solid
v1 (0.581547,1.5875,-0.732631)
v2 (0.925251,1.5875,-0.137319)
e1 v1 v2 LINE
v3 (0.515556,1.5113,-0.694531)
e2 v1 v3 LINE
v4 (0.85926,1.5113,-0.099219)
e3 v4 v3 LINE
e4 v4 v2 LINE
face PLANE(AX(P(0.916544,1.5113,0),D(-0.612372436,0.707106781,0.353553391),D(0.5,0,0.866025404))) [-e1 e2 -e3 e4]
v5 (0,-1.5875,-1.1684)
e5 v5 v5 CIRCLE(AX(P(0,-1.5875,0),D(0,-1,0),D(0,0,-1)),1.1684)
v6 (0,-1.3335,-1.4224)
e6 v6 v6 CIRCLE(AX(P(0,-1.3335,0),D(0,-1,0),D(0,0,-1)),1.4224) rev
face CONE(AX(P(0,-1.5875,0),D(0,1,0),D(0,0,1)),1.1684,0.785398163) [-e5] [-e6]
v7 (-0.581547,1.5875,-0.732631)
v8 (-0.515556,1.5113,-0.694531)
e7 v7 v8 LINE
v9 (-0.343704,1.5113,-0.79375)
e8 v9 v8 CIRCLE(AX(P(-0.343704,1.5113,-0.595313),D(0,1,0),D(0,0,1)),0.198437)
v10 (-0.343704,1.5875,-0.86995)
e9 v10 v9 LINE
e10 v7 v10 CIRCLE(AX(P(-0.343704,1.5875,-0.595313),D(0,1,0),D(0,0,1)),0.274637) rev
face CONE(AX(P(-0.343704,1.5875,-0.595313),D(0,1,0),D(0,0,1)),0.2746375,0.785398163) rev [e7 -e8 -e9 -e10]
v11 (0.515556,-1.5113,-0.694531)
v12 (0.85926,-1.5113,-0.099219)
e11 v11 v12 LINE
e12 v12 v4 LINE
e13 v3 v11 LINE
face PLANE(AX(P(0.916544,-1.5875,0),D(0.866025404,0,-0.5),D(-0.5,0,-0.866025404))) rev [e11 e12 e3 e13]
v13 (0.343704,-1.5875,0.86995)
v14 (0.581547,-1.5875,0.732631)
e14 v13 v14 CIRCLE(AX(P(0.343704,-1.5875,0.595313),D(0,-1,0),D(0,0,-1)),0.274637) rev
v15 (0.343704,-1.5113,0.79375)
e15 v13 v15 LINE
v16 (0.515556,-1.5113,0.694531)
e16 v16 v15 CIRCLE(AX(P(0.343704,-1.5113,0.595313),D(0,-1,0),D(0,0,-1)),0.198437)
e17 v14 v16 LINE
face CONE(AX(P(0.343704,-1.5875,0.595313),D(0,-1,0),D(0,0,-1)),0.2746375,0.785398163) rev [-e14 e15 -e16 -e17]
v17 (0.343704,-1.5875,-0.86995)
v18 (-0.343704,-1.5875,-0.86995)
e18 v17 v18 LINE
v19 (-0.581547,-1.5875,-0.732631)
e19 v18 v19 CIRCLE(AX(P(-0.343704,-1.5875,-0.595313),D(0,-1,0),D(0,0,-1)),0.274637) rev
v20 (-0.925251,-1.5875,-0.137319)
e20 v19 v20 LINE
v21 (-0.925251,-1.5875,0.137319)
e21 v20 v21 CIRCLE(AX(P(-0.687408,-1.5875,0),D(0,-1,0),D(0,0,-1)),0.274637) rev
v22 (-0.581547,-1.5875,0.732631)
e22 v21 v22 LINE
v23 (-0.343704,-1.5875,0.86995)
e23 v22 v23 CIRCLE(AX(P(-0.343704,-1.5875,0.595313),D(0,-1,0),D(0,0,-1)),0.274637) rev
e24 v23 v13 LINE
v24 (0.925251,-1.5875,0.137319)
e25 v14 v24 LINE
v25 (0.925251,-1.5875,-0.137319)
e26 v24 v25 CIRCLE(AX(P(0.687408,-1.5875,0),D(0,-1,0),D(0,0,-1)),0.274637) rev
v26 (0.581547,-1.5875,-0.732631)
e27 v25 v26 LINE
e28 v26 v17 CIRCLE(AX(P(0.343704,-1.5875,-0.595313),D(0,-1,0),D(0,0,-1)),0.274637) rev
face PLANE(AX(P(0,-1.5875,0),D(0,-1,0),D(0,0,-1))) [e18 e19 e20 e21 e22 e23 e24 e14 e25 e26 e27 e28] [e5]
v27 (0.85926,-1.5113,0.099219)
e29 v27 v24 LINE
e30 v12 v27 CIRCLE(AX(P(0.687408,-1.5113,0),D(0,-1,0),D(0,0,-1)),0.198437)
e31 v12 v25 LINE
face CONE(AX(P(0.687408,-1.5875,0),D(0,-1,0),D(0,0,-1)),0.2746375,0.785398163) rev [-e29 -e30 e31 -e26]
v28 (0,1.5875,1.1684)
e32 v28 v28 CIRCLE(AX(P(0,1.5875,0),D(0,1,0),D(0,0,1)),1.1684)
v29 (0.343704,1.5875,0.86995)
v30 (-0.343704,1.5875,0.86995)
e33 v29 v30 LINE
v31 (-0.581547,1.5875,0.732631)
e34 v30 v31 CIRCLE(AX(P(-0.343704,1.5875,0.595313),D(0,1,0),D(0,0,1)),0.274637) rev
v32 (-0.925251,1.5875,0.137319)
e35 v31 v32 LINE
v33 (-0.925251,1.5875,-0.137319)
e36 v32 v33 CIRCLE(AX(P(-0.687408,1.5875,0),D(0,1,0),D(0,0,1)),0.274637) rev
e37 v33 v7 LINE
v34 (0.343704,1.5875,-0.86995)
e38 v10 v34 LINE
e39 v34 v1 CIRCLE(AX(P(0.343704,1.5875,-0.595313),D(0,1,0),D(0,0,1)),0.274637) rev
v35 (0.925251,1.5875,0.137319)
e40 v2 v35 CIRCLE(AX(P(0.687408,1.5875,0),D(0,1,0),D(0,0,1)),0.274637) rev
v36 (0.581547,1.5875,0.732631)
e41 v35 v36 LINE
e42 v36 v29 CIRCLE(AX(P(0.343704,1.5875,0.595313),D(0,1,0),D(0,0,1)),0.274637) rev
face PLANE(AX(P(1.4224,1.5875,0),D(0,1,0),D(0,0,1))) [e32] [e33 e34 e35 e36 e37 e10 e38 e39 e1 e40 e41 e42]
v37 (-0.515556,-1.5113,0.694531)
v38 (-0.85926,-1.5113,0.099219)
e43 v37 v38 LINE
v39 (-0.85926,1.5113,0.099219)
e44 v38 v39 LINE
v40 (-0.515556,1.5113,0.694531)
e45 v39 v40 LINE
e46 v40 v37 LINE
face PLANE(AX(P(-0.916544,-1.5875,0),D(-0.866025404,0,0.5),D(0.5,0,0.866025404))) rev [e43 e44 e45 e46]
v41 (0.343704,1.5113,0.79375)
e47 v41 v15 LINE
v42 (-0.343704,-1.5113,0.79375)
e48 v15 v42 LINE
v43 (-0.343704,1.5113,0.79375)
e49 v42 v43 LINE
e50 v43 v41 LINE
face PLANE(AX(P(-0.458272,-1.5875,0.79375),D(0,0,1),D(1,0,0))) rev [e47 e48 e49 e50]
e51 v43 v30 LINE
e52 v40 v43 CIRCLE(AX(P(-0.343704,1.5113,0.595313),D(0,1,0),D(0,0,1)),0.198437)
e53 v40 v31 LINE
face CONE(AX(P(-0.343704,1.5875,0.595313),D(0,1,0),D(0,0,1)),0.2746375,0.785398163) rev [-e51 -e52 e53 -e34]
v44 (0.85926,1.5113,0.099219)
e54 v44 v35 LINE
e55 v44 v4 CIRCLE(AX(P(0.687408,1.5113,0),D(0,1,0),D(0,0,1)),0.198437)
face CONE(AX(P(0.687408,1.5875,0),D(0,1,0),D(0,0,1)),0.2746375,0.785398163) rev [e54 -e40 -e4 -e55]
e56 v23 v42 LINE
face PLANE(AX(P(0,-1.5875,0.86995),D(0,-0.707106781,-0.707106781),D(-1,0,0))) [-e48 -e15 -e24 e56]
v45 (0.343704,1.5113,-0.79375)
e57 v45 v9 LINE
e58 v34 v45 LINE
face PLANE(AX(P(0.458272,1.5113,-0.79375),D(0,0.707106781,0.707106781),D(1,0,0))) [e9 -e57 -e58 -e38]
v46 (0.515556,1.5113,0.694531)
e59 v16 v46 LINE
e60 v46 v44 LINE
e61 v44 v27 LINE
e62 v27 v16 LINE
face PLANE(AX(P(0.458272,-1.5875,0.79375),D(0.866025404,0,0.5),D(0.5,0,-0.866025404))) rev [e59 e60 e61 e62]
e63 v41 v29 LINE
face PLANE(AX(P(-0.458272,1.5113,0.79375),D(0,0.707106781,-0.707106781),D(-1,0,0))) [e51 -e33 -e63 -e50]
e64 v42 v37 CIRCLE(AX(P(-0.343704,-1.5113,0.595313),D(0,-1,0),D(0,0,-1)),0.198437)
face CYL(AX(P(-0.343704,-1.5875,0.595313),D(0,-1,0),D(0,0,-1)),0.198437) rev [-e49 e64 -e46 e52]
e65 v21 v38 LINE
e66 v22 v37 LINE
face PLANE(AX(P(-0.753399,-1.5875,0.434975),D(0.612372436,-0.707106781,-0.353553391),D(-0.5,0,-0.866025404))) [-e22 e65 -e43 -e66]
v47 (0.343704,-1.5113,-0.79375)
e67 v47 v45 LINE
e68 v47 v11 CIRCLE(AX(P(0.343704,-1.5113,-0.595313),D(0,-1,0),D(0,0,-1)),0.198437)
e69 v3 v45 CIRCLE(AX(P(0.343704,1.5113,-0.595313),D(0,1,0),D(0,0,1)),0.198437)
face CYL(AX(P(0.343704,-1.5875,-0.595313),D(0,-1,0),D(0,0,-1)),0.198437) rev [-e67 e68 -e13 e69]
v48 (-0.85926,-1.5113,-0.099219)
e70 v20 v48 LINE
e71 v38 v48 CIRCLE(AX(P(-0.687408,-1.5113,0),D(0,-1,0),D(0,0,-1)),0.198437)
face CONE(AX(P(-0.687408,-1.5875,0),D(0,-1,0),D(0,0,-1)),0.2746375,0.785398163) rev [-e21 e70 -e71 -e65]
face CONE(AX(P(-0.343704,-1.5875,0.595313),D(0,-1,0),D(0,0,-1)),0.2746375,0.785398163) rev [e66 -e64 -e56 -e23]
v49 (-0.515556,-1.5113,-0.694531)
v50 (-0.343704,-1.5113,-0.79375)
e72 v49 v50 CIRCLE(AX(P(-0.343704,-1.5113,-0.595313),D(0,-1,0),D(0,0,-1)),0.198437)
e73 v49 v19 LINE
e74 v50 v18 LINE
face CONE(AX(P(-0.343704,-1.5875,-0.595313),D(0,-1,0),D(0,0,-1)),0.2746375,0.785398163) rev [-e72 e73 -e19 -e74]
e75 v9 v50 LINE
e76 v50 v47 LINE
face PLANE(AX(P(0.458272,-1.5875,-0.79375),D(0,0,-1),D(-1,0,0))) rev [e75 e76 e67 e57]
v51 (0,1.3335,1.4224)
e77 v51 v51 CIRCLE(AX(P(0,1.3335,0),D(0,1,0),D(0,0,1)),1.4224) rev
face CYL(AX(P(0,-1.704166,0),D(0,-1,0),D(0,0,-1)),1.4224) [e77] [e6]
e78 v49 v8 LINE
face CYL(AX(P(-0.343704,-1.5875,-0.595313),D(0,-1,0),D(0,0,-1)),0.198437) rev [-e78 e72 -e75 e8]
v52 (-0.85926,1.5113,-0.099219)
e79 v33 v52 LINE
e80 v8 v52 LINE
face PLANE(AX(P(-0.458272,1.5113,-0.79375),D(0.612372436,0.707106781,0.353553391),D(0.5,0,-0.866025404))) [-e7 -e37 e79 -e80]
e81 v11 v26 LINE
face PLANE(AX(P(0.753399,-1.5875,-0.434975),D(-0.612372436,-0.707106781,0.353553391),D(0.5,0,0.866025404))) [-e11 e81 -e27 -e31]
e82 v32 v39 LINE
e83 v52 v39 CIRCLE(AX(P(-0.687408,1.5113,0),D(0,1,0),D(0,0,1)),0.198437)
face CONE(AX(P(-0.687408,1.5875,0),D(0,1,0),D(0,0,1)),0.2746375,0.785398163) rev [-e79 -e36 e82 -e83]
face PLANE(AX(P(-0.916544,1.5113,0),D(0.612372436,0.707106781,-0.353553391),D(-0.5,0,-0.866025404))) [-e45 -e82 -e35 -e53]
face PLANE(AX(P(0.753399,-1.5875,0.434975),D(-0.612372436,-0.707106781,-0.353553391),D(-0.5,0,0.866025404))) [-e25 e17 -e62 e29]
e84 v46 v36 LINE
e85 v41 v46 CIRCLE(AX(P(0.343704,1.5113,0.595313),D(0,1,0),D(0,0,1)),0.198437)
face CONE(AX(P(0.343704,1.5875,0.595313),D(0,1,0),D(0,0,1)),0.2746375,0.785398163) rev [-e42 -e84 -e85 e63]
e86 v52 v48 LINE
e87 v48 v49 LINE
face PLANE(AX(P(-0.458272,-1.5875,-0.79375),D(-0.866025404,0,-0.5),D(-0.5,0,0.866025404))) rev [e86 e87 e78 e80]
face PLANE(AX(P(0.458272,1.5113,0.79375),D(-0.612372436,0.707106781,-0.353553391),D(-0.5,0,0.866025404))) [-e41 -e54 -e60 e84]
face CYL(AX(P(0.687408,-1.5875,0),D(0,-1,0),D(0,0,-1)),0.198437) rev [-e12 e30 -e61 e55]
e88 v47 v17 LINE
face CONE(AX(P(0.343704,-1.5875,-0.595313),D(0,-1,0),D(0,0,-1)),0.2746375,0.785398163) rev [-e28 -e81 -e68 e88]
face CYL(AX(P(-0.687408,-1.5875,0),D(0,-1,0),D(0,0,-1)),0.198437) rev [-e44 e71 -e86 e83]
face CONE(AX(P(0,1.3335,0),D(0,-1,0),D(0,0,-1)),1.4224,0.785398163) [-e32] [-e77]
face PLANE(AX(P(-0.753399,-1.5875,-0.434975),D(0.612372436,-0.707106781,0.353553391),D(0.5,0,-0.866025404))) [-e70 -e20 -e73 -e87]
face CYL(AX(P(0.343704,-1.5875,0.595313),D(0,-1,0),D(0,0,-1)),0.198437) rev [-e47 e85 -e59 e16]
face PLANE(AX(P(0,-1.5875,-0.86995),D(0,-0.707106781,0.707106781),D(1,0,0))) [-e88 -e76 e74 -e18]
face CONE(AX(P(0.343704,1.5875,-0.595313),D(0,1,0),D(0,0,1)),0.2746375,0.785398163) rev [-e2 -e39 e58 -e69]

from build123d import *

# Parameters (mm, degrees)
SKETCH1_W               = 1.4224
SKETCH1_H               = 3.175
CUT_EXTRUDE1_DEPTH      = 2.5875
CUT_EXTRUDE1_DEPTH_BACK = 2.5875
FILLET1_R               = 0.1984375
CHAMFER1_SIZE           = 0.254
CHAMFER2_SIZE           = 0.0762


with BuildPart() as part:
    # Sketch1 → Revolve1 (revolve)
    with BuildSketch(Plane.XY):
        with Locations((0.7112, 0)):
            Rectangle(SKETCH1_W, SKETCH1_H)
    revolve(axis=Axis((0, -1.704166029, 0), (0, 1, 0)))

    # Sketch3 → Cut-Extrude1 (cut, two sides)
    with BuildSketch(Plane(origin=(0, 0, 0), x_dir=(1, 0, 0), z_dir=(0, 1, 0))) as cut_extrude1_sk:
        Polygon((0.916543552, 0), (0.458271776, 0.79375), (-0.458271776, 0.79375), (-0.916543552, 0), (-0.458271776, -0.79375), (0.458271776, -0.79375), align=None)
    extrude(amount=CUT_EXTRUDE1_DEPTH, mode=Mode.SUBTRACT)
    extrude(cut_extrude1_sk.sketch, amount=-CUT_EXTRUDE1_DEPTH_BACK, mode=Mode.SUBTRACT)

    # Fillet1
    fillet1_edges = [part.edges().sort_by_distance(p)[0] for p in [
        (0.458271776, 0, -0.79375),
        (0.916543552, 0, 0),
        (0.458271776, 0, 0.79375),
        (-0.458271776, 0, 0.79375),
        (-0.916543552, 0, 0),
        (-0.458271776, 0, -0.79375),
    ]]
    fillet(fillet1_edges, radius=FILLET1_R)

    # Chamfer1
    chamfer1_edges = [part.edges().sort_by_distance(p)[0] for p in [
        (-1.4224, 1.5875, 0),
        (-1.4224, -1.5875, 0),
    ]]
    chamfer(chamfer1_edges, length=CHAMFER1_SIZE)

    # Chamfer2
    chamfer2_edges = [part.edges().sort_by_distance(p)[0] for p in [
        (0.687407664, -1.5875, -0.396875),
        (0.687407664, 1.5875, -0.396875),
        (0.687407664, -1.5875, 0.396875),
        (0.687407664, 1.5875, 0.396875),
        (0, -1.5875, 0.79375),
        (0, 1.5875, 0.79375),
        (-0.687407664, -1.5875, 0.396875),
        (-0.687407664, 1.5875, 0.396875),
        (-0.687407664, -1.5875, -0.396875),
        (-0.687407664, 1.5875, -0.396875),
        (0, -1.5875, -0.79375),
        (0, 1.5875, -0.79375),
        (0.885845164, 1.5875, 0),
        (0.885845164, -1.5875, 0),
        (0.442922582, 1.5875, 0.767164416),
        (0.442922582, -1.5875, 0.767164416),
        (-0.442922582, 1.5875, 0.767164416),
        (-0.442922582, -1.5875, 0.767164416),
        (-0.885845164, 1.5875, 0),
        (-0.885845164, -1.5875, 0),
        (-0.442922582, 1.5875, -0.767164416),
        (-0.442922582, -1.5875, -0.767164416),
        (0.442922582, 1.5875, -0.767164416),
        (0.442922582, -1.5875, -0.767164416),
    ]]
    chamfer(chamfer2_edges, length=CHAMFER2_SIZE)


solid = part.part
